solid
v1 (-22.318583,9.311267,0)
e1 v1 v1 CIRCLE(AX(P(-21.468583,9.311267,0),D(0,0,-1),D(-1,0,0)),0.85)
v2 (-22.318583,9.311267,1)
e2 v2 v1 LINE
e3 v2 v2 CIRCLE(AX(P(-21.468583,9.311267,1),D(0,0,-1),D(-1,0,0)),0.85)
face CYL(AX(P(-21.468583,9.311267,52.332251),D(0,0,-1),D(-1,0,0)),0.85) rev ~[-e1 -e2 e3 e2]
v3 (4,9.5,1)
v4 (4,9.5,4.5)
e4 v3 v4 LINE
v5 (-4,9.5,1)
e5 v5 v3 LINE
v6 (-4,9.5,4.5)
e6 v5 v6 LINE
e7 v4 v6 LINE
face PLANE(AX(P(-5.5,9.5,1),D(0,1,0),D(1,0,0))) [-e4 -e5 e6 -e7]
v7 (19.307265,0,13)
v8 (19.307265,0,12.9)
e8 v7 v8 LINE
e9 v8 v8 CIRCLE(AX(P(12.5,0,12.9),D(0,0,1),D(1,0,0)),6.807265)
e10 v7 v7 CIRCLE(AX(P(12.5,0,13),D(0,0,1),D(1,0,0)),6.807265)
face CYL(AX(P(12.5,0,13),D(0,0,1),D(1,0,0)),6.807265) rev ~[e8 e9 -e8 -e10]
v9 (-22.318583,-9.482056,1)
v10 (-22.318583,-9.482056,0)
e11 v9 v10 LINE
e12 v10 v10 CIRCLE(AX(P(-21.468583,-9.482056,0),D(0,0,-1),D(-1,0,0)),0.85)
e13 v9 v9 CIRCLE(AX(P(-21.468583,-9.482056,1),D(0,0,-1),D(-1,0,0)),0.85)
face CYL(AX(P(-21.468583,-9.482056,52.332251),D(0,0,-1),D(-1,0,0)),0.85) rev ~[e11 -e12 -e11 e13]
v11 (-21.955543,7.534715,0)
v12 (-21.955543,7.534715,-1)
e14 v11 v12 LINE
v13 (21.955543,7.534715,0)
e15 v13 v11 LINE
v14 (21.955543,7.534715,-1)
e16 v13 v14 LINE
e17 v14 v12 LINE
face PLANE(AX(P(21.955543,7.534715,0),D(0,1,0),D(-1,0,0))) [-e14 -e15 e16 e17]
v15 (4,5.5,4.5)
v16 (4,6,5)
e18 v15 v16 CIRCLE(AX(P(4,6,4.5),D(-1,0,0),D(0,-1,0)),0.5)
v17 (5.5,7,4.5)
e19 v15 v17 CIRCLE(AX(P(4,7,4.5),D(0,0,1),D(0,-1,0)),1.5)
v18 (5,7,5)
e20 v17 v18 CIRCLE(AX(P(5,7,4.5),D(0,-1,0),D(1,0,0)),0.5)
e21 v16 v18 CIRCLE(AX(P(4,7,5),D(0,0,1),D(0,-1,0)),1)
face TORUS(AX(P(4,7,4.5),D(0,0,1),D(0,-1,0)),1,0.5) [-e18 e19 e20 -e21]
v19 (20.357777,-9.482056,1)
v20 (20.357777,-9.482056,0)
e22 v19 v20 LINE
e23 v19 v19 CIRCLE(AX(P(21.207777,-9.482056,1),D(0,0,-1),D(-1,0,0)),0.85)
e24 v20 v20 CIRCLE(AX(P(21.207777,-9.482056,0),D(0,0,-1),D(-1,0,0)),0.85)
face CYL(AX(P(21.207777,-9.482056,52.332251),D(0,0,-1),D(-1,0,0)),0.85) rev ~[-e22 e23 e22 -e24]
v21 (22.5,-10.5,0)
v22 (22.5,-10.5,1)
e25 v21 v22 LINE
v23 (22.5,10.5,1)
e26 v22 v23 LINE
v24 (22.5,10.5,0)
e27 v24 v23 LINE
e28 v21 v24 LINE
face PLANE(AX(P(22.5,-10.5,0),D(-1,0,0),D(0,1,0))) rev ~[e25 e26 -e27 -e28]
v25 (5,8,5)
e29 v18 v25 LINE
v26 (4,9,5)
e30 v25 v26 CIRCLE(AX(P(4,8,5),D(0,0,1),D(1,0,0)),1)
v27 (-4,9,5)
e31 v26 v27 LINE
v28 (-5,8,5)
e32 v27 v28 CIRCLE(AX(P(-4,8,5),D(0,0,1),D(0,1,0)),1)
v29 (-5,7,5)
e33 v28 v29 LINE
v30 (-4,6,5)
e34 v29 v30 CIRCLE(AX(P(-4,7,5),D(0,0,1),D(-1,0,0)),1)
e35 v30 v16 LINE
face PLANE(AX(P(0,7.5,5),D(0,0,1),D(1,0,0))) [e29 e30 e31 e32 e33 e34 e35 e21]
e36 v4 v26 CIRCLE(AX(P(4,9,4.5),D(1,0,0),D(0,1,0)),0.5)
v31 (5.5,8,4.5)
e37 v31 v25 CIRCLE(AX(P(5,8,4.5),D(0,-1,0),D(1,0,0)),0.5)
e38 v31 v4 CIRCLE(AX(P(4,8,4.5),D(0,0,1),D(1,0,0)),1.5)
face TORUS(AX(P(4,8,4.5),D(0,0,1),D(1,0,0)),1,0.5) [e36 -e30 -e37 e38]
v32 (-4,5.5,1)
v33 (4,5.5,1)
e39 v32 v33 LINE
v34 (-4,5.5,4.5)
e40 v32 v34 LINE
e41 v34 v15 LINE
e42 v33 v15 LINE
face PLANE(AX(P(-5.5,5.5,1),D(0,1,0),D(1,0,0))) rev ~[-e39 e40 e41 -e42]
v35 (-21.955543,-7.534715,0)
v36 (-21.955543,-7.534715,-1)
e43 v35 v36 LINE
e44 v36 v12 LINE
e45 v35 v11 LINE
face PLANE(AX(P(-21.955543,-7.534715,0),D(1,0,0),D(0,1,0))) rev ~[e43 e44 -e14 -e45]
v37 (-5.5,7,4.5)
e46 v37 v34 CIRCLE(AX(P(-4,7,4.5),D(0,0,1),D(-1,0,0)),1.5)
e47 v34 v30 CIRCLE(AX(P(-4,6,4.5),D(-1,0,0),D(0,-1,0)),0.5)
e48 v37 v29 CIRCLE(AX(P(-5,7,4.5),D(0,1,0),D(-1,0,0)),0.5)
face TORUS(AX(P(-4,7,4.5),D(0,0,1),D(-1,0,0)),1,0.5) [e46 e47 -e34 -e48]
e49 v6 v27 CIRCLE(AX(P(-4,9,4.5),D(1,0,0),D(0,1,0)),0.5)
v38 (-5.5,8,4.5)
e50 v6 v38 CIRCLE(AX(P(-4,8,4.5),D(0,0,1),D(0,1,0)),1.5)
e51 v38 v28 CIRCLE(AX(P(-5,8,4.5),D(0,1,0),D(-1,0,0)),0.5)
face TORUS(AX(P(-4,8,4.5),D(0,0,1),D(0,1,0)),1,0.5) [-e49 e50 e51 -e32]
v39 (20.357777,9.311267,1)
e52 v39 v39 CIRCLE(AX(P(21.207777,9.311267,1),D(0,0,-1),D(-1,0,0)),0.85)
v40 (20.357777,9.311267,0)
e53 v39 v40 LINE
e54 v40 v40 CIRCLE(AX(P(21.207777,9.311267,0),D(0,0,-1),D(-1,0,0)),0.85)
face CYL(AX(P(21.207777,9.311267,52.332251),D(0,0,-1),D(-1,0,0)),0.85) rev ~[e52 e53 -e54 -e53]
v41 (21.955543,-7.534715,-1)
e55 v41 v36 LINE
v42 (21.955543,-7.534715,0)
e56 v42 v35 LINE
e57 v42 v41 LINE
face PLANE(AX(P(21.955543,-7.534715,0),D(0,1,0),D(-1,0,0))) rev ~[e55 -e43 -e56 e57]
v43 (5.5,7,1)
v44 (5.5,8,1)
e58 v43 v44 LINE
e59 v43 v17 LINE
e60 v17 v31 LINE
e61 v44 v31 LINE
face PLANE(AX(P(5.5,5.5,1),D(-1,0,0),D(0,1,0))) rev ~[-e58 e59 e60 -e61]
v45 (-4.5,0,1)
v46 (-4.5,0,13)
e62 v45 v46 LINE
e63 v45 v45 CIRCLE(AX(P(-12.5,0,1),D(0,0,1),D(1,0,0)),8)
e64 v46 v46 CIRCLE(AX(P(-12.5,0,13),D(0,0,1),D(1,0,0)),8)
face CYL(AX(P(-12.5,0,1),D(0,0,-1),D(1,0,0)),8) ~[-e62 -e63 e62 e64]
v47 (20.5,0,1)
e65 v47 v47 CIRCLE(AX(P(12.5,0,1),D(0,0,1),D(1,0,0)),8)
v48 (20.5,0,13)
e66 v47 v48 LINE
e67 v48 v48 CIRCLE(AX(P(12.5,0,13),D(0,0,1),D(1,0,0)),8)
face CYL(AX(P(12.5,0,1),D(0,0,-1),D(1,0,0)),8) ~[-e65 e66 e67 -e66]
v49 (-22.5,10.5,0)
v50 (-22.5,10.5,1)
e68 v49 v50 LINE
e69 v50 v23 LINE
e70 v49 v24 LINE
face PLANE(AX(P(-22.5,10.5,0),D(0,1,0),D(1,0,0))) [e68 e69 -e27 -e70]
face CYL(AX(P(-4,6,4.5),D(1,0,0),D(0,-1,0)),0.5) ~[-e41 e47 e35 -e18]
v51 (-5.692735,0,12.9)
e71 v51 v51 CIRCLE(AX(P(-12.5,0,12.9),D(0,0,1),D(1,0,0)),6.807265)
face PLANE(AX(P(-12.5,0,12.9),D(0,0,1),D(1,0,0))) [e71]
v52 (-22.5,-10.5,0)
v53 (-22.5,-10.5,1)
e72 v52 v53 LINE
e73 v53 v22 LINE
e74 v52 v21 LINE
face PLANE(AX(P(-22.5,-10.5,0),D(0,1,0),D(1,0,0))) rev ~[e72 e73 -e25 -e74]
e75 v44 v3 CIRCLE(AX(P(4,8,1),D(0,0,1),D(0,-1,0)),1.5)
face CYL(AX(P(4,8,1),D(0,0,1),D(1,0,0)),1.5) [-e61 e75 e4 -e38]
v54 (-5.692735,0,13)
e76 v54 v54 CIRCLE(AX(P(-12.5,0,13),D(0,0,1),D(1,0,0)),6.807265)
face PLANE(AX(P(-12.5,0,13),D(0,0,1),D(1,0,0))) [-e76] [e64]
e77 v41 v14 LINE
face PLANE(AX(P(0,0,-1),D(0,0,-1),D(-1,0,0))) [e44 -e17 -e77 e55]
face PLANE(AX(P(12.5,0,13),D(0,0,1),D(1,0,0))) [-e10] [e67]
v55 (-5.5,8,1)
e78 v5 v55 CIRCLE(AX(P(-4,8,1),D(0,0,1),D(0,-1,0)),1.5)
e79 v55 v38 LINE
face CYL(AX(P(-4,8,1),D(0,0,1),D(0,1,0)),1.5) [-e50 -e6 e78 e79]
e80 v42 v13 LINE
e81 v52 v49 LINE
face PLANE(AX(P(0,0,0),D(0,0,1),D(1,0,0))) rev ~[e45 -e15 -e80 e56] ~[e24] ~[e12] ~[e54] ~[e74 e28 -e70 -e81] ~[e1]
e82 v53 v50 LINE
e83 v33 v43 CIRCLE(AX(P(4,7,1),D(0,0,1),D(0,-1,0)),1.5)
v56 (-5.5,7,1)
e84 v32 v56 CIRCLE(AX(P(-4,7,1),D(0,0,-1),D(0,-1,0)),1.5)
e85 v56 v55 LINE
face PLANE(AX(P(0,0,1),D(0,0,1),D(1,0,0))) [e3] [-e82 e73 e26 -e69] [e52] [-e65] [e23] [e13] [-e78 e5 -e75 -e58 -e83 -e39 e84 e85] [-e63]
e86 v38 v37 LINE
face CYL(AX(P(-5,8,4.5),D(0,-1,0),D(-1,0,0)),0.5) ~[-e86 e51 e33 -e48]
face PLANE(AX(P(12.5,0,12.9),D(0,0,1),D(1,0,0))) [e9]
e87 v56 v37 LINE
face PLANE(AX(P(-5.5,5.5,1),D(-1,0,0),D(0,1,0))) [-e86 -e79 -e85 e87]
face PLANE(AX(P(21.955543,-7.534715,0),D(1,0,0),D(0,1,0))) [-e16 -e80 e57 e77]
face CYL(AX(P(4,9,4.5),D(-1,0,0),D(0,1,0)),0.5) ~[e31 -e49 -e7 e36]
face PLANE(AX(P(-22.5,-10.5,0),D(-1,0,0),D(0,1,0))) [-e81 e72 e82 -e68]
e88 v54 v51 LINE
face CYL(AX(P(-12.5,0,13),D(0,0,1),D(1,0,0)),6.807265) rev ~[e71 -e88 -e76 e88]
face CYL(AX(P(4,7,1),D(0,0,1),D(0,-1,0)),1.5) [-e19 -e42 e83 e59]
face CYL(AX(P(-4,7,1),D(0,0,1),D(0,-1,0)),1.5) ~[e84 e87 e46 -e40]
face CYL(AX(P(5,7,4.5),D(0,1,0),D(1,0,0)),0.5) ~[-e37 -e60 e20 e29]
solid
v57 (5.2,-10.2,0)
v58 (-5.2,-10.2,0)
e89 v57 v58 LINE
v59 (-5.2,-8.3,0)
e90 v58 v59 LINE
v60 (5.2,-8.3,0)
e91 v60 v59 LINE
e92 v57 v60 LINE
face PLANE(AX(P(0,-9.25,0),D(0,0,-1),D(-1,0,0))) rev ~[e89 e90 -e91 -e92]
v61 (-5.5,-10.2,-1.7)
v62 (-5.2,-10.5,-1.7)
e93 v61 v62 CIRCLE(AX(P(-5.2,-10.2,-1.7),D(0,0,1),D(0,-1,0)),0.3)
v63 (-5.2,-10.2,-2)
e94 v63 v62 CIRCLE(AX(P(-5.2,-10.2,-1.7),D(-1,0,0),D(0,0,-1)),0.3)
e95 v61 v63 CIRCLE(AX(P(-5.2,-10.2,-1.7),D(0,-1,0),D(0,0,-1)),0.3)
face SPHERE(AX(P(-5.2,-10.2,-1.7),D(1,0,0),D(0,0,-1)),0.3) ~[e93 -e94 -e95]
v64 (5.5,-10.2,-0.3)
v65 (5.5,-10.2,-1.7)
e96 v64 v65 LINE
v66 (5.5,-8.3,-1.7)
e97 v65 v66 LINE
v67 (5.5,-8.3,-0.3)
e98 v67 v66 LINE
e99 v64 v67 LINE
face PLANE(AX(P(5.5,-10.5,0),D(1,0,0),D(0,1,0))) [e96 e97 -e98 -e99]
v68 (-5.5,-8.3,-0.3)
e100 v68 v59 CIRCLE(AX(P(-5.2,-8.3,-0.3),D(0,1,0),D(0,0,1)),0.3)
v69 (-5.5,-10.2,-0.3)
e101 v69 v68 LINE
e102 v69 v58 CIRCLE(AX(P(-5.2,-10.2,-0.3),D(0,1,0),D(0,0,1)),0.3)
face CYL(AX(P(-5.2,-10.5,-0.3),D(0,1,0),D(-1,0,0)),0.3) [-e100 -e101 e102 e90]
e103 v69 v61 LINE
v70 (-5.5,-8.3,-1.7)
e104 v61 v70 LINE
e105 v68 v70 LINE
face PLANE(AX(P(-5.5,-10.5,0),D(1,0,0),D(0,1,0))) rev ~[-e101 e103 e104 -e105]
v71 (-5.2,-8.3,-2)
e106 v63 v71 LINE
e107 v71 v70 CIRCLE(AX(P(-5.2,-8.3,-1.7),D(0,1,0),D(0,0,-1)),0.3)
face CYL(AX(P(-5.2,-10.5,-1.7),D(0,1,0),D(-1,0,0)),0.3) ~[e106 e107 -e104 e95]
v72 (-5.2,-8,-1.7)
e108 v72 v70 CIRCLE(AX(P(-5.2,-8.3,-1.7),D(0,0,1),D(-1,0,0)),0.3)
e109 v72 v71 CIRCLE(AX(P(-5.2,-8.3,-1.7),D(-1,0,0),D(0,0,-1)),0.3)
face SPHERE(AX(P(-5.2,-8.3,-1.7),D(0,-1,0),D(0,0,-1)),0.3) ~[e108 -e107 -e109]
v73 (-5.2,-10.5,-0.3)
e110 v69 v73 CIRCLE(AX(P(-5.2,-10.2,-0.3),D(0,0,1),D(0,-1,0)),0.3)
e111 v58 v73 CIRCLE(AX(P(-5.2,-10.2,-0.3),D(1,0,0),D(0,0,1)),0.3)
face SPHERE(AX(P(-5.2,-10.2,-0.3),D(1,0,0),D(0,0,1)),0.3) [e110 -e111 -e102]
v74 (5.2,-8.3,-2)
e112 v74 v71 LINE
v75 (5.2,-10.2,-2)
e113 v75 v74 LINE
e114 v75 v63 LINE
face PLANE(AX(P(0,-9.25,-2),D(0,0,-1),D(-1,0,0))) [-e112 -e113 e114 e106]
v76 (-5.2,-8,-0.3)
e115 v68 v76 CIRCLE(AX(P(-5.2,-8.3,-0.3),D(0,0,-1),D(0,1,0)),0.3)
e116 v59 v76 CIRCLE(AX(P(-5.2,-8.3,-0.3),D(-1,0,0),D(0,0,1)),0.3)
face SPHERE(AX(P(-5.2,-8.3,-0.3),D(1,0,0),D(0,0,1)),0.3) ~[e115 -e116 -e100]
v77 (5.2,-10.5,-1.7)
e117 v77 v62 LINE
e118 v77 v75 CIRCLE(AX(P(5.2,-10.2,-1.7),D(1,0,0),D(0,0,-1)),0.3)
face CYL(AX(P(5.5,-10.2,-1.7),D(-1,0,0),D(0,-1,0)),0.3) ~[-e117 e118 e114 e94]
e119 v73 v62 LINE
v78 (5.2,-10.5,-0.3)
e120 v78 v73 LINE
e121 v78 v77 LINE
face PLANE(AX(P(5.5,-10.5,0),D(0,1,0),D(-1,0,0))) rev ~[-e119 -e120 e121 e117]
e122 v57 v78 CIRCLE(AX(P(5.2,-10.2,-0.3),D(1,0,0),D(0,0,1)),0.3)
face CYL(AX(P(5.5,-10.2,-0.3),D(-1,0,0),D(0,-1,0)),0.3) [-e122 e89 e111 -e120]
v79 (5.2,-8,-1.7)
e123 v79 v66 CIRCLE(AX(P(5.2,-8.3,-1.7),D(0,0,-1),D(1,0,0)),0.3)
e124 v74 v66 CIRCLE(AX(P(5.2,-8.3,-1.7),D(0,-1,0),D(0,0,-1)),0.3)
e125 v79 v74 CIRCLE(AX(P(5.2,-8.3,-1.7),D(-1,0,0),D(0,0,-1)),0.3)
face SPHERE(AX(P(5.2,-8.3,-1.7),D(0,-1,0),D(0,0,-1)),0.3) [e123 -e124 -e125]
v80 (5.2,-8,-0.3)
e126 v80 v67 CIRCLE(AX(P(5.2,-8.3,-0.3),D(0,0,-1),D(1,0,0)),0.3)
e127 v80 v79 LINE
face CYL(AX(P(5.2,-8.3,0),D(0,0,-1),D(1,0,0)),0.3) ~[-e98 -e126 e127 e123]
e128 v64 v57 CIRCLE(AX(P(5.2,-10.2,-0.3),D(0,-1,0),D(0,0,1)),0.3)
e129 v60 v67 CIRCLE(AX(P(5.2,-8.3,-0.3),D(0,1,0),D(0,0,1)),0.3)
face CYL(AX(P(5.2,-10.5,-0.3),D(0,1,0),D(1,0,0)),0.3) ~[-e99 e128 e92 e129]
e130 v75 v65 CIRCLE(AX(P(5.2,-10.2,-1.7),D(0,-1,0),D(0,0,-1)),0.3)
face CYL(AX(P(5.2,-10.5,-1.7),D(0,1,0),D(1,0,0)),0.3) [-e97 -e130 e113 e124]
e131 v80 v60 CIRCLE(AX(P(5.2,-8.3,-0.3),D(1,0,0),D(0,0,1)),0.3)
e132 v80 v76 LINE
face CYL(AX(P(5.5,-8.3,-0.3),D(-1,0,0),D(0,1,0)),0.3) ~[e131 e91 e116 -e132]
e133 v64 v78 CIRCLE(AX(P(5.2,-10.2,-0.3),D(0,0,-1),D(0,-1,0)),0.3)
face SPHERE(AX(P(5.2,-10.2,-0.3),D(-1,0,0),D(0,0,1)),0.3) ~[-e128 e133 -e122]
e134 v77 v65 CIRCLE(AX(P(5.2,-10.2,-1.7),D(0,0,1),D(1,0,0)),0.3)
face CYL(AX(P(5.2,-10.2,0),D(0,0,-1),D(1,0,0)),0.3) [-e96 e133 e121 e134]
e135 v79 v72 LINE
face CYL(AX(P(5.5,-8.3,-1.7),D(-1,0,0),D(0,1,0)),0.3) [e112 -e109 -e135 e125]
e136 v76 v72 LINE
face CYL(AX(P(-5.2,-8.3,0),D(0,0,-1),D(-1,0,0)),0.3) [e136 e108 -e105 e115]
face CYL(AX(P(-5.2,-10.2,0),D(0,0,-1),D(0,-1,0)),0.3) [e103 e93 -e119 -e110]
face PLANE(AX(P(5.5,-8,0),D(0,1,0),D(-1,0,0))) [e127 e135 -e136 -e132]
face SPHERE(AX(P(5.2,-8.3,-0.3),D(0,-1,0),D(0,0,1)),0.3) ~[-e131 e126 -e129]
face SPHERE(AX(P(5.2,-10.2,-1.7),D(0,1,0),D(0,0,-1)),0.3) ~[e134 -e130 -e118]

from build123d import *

# Parameters (mm, degrees)
SKIZZE2_W                       = 45
SKIZZE2_H                       = 21
AUFSATZ_LINEAR_AUSTRAGEN1_DEPTH = 1
SKIZZE3_R                       = 8
AUFSATZ_LINEAR_AUSTRAGEN2_DEPTH = 12
SKIZZE4_R                       = 6.807265198
SCHNITT_LINEAR_AUSTRAGEN1_DEPTH = 0.1
SKIZZE7_W                       = 11
SKIZZE7_H                       = 4
AUFSATZ_LINEAR_AUSTRAGEN3_DEPTH = 4
VERRUNDUNG1_R                   = 1.5
VERRUNDUNG2_R                   = 0.5
DURCHGANGSLOCH_F_R_M1_61_D      = 1.7
SKIZZE10_W                      = 43.911086724
SKIZZE10_H                      = 15.069429202
AUFSATZ_LINEAR_AUSTRAGEN4_DEPTH = 1
SKIZZE11_W                      = 11
SKIZZE11_H                      = 2.5
AUFSATZ_LINEAR_AUSTRAGEN6_DEPTH = 2
VERRUNDUNG5_R                   = 0.3


with BuildPart() as part:
    # Skizze2 → Aufsatz-Linear austragen1 (new body)
    with BuildSketch(Plane.XY):
        Rectangle(SKIZZE2_W, SKIZZE2_H)
    extrude(amount=AUFSATZ_LINEAR_AUSTRAGEN1_DEPTH)

    # Skizze3 → Aufsatz-Linear austragen2 (add)
    with BuildSketch(Plane.XY.offset(1)):
        with Locations((-12.5, 0)):
            Circle(SKIZZE3_R)
        with Locations((12.5, 0)):
            Circle(SKIZZE3_R)
    extrude(amount=AUFSATZ_LINEAR_AUSTRAGEN2_DEPTH)

    # Skizze4 → Schnitt-Linear austragen1 (cut)
    with BuildSketch(Plane.XY.offset(13)):
        with Locations((-12.5, 0)):
            Circle(SKIZZE4_R)
        with Locations((12.5, 0)):
            Circle(SKIZZE4_R)
    extrude(amount=-SCHNITT_LINEAR_AUSTRAGEN1_DEPTH, mode=Mode.SUBTRACT)

    # Skizze7 → Aufsatz-Linear austragen3 (add)
    with BuildSketch(Plane.XY.offset(1)):
        with Locations((0, 7.5)):
            Rectangle(SKIZZE7_W, SKIZZE7_H)
    extrude(amount=AUFSATZ_LINEAR_AUSTRAGEN3_DEPTH)

    # Verrundung1
    verrundung1_edges = [part.edges().sort_by_distance(p)[0] for p in [
        (-5.5, 9.5, 3),
        (-5.5, 5.5, 3),
        (5.5, 5.5, 3),
        (5.5, 9.5, 3),
    ]]
    fillet(verrundung1_edges, radius=VERRUNDUNG1_R)

    # Verrundung2
    verrundung2_edges = [part.edges().sort_by_distance(p)[0] for p in [
        (0, 5.5, 5),
        (-5.5, 7.5, 5),
        (5.5, 7.5, 5),
        (0, 9.5, 5),
        (5.060660172, 9.060660172, 5),
        (5.060660172, 5.939339828, 5),
        (-5.060660172, 9.060660172, 5),
        (-5.060660172, 5.939339828, 5),
    ]]
    fillet(verrundung2_edges, radius=VERRUNDUNG2_R)

    # Durchgangsloch für M1.61 (through all)
    with Locations(Plane.XY.offset(1)):
        with Locations((-21.468583309, 9.311267252), (-21.468583309, -9.482056215), (21.207777042, -9.482056215), (21.207777042, 9.311267252)):
            Hole(DURCHGANGSLOCH_F_R_M1_61_D / 2)

    # Skizze10 → Aufsatz-Linear austragen4 (add)
    with BuildSketch(Plane(origin=(0, 0, 0), x_dir=(-1, 0, 0), z_dir=(0, 0, -1))):
        Rectangle(SKIZZE10_W, SKIZZE10_H)
    extrude(amount=AUFSATZ_LINEAR_AUSTRAGEN4_DEPTH)


with BuildPart() as body_2:
    # Skizze11 → Aufsatz-Linear austragen6 (new body)
    with BuildSketch(Plane(origin=(0, 0, 0), x_dir=(-1, 0, 0), z_dir=(0, 0, -1))):
        with Locations((0, -9.25)):
            Rectangle(SKIZZE11_W, SKIZZE11_H)
    extrude(amount=AUFSATZ_LINEAR_AUSTRAGEN6_DEPTH)

    # Verrundung5
    verrundung5_edges = [body_2.edges().sort_by_distance(p)[0] for p in [
        (5.5, -9.25, -2),
        (0, -10.5, -2),
        (-5.5, -9.25, -2),
        (0, -10.5, 0),
        (5.5, -9.25, 0),
        (0, -8, 0),
        (-5.5, -9.25, 0),
        (0, -8, -2),
        (-5.5, -10.5, -1),
        (5.5, -10.5, -1),
        (5.5, -8, -1),
        (-5.5, -8, -1),
    ]]
    fillet(verrundung5_edges, radius=VERRUNDUNG5_R)


solid = Compound([part.part, body_2.part])
